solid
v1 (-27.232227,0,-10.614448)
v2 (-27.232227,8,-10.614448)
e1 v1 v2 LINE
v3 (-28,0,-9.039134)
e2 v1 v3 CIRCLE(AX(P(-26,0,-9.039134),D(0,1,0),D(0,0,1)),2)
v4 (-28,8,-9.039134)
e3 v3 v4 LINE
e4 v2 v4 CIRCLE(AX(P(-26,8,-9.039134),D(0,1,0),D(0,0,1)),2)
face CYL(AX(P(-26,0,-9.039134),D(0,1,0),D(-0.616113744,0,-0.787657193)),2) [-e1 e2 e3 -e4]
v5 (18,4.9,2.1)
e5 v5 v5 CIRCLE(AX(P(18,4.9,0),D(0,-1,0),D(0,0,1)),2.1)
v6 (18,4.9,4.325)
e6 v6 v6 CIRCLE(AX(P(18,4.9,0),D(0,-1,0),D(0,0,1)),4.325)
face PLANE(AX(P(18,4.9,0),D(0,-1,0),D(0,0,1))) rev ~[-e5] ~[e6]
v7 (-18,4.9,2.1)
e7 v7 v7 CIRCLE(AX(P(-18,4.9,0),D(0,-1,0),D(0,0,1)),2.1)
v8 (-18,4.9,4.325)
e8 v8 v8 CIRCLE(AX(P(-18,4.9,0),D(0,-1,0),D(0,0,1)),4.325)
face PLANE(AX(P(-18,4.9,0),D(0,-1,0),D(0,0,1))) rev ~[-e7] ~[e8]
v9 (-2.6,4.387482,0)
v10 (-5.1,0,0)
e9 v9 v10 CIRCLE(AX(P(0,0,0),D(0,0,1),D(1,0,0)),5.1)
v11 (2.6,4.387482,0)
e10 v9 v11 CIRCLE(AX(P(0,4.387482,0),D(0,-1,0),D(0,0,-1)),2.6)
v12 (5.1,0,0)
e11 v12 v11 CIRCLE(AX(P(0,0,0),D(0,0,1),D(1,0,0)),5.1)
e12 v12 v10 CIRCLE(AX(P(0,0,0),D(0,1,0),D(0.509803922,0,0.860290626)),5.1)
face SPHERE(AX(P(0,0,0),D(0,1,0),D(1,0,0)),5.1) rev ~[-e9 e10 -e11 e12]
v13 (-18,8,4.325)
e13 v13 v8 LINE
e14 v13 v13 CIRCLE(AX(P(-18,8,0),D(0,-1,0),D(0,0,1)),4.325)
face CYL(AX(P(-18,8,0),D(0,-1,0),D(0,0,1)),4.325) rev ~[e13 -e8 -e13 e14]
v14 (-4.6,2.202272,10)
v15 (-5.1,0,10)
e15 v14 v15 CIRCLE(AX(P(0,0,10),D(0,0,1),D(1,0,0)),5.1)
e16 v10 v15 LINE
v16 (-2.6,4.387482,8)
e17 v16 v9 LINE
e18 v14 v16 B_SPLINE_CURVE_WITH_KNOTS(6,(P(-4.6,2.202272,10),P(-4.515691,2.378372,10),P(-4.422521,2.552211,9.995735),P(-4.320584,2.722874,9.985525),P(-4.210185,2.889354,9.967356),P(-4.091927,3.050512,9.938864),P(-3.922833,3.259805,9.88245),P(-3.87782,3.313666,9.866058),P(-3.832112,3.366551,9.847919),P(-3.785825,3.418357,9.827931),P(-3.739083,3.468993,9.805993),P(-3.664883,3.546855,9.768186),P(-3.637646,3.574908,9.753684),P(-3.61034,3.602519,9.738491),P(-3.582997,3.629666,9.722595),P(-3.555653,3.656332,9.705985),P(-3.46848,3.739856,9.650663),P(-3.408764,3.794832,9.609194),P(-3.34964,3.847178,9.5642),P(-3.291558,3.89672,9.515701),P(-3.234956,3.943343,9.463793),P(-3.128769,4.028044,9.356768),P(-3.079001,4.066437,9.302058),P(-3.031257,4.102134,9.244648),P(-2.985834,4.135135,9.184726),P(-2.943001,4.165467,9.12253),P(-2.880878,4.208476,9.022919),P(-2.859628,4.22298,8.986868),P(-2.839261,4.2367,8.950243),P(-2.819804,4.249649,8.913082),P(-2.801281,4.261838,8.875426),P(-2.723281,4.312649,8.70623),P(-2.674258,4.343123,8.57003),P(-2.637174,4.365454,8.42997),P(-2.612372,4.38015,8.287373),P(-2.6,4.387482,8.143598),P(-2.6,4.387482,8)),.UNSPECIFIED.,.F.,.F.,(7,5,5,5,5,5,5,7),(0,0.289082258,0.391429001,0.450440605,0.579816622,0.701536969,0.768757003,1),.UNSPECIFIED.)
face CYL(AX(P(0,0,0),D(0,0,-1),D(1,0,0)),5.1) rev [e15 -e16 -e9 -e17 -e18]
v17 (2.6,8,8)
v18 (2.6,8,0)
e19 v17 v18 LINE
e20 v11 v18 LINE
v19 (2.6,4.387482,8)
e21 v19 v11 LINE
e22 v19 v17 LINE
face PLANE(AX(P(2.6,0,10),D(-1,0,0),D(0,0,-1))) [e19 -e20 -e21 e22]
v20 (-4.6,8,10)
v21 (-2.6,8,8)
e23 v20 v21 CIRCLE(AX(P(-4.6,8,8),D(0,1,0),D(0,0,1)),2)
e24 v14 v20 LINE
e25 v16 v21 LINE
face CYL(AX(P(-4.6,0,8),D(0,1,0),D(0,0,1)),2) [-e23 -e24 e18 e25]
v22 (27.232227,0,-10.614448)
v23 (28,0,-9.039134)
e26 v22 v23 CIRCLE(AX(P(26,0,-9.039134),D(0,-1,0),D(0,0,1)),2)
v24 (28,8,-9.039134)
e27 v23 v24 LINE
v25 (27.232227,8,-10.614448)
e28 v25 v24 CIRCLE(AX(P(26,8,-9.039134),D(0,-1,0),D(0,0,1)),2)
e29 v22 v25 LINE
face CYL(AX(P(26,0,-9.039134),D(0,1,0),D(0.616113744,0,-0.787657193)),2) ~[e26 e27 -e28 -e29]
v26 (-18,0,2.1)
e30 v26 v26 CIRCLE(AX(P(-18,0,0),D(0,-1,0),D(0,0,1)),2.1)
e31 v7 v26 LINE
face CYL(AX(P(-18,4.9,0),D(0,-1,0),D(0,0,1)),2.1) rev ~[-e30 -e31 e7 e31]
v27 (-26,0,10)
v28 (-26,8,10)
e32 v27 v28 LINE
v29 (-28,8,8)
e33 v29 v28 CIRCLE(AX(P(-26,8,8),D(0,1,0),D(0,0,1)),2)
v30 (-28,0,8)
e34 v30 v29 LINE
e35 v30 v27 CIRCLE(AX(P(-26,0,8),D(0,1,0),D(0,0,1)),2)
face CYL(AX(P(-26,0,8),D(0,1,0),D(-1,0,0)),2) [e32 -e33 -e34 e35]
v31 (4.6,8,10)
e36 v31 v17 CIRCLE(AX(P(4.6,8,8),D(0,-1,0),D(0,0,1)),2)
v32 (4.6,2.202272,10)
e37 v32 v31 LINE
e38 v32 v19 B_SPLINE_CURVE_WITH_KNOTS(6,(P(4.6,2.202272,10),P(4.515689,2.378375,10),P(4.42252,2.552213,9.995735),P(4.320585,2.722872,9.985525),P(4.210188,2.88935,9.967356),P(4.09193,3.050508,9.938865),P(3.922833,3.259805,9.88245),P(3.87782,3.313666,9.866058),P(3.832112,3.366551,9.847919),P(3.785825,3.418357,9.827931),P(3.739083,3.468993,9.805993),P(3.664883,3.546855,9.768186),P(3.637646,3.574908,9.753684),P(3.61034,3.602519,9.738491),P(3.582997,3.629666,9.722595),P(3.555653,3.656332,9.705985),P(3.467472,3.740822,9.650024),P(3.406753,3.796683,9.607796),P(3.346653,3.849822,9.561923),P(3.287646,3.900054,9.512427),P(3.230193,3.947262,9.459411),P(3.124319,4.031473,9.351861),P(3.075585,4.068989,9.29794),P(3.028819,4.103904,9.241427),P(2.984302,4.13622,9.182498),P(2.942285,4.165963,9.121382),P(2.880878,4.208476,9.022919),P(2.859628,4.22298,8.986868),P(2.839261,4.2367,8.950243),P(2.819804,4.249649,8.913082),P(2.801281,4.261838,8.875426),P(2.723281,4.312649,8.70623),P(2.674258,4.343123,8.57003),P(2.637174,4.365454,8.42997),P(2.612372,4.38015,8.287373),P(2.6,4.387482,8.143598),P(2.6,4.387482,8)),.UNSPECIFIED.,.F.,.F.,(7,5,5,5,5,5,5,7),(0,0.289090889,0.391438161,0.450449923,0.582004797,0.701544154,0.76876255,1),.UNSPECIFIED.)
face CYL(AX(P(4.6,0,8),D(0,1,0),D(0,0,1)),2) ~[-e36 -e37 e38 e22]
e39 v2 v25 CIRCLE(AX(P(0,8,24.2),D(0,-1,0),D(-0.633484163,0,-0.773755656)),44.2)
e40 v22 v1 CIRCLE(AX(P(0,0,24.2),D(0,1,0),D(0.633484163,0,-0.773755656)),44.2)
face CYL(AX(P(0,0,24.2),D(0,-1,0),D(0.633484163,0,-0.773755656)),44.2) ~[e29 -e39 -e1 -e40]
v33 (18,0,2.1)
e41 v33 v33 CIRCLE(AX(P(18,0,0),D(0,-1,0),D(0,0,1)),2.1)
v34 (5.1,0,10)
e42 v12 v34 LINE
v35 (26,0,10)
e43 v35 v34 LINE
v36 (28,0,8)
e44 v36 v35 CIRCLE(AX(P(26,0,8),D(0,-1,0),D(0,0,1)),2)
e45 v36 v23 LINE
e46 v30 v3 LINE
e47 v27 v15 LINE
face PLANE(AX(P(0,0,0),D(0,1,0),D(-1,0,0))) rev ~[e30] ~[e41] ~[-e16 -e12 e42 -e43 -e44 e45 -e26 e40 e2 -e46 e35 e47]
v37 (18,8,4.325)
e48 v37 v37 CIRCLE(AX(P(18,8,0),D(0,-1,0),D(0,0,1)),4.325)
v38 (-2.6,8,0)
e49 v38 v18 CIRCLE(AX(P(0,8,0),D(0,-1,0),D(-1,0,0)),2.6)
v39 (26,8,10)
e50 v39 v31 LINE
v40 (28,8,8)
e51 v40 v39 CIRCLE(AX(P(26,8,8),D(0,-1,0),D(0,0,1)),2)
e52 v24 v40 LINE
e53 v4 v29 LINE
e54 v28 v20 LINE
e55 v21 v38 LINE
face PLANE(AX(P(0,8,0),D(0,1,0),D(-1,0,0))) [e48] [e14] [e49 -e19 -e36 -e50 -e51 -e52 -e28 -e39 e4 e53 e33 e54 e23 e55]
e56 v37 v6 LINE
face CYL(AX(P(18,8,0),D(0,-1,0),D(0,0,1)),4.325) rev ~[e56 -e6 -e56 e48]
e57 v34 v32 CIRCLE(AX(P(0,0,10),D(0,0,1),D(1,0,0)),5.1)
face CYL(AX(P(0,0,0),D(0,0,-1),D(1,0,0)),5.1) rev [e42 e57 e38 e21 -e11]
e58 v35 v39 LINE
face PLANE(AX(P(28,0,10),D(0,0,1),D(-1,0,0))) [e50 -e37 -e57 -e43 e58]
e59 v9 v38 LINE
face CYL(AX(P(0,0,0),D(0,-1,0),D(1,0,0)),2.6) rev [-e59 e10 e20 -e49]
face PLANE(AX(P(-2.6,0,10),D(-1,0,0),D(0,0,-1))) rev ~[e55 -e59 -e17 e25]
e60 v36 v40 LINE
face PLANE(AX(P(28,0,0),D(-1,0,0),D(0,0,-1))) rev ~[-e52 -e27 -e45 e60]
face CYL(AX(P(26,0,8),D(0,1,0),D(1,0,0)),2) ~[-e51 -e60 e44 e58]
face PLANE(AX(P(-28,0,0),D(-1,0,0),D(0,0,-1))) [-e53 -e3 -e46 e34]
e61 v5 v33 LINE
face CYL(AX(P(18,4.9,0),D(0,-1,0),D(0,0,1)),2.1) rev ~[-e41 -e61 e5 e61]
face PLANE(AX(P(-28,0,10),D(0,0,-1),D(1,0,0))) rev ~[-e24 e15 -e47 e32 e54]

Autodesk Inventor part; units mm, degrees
ref_plane "YZ Plane" through (0, 0, 0) normal (1, 0, 0) x (0, 1, 0)
ref_plane "XZ Plane" through (0, 0, 0) normal (0, 1, 0) x (-1, 0, 0)
ref_plane "XY Plane" through (0, 0, 0) normal (0, 0, 1) x (1, 0, 0)
sketch "Sketch1" plane through (0, 0, 0) normal (0, 1, 0) x (-1, 0, 0)
  line L0 (0, -28.84) -> (0, 33.04) projected
  line L1 (39.2, 0) -> (-39.2, 0) projected
  line L2 (-28, 10) -> (-28, -10)
  line L3 (28, 10) -> (28, -10)
  line L4 (-28, 10) -> (-2.6, 10)
  line L5 (-2.6, 10) -> (-2.6, 0)
  line L6 (28, 10) -> (2.6, 10)
  line L7 (2.6, 10) -> (2.6, 0)
  arc A0 (-2.6, 0) -> (2.6, 0) centre (0, 0) ccw
  arc A1 (-28, -10) -> (28, -10) centre (0, 24.2) ccw
  dimension "d0" = 5.2
  dimension "d1" = 56
  dimension "d2" = 20
  dimension "d3" = 10
  dimension "d4" = 20
extrude "Extrusion1" add sketch "Sketch1" along normal blind 8 contours A1 L2 L1 A0 L0 | L0 A0 L1 L3 A1 | L1 L2 L4 L5 | L7 L6 L3 L1
sketch "Sketch2" plane through (0, 0, 0) normal (0, 0, 1) x (1, 0, 0)
  arc A0 (5.1, 0) -> (0, 5.1) centre (0, 0) ccw
  line L0 (0, -1.2312) -> (0, 7.3875) projected
  line L1 (0, 5.1) -> (0, 0)
  line L2 (0, 0) -> (5.1, 0)
  dimension "d7" = 10.2
revolve "Revolution1" cut sketch "Sketch2" angle 360 about axis through (0, -10, 0) along (0, 1, 0)
sketch "Sketch4" plane through (0, 8, 0) normal (0, 1, 0) x (1, 0, 0)
  line L0 (0, 26) -> (0, -16) projected
  line L1 (28, -10) -> (28, 10) projected
  line L2 (39.2, 0) -> (-39.2, 0) projected
  point P0 (0, 0)
  point P1 (18, 0)
  point P2 (-18, 0)
  dimension "d9" = 10
hole "Hole1" at (18, 8, 0) at (-18, 8, 0) direction (0, -1, 0) diameter 4.2 end through all counterbore diameter 8.65 counterbore depth 3.1
fillet "Fillet1" radius 2 6 edges at (28, 4, 10) (28, 4, -10) (-28, 4, -10) (-28, 4, 10) (-2.6, 4, 10) (2.6, 4, 10)
sketch "Sketch5" plane through (0, 0, 0) normal (0, 0, 1) x (1, 0, 0)
  line L0 (4.6, 0) -> (26, 0) projected
  arc A0 (5.1, 0) -> (-5.1, 0) centre (0, 0) ccw
  line L1 (5.1, 0) -> (-5.1, 0) projected
  line L2 (-5.1, 0) -> (5.1, 0)
  point P0 (2.6, 0)
  point P1 (-2.6, 0)
  dimension "d18" = 5.1
extrude "Extrusion2" cut sketch "Sketch5" along normal blind 10
properties part number "Kameralefogov3"
